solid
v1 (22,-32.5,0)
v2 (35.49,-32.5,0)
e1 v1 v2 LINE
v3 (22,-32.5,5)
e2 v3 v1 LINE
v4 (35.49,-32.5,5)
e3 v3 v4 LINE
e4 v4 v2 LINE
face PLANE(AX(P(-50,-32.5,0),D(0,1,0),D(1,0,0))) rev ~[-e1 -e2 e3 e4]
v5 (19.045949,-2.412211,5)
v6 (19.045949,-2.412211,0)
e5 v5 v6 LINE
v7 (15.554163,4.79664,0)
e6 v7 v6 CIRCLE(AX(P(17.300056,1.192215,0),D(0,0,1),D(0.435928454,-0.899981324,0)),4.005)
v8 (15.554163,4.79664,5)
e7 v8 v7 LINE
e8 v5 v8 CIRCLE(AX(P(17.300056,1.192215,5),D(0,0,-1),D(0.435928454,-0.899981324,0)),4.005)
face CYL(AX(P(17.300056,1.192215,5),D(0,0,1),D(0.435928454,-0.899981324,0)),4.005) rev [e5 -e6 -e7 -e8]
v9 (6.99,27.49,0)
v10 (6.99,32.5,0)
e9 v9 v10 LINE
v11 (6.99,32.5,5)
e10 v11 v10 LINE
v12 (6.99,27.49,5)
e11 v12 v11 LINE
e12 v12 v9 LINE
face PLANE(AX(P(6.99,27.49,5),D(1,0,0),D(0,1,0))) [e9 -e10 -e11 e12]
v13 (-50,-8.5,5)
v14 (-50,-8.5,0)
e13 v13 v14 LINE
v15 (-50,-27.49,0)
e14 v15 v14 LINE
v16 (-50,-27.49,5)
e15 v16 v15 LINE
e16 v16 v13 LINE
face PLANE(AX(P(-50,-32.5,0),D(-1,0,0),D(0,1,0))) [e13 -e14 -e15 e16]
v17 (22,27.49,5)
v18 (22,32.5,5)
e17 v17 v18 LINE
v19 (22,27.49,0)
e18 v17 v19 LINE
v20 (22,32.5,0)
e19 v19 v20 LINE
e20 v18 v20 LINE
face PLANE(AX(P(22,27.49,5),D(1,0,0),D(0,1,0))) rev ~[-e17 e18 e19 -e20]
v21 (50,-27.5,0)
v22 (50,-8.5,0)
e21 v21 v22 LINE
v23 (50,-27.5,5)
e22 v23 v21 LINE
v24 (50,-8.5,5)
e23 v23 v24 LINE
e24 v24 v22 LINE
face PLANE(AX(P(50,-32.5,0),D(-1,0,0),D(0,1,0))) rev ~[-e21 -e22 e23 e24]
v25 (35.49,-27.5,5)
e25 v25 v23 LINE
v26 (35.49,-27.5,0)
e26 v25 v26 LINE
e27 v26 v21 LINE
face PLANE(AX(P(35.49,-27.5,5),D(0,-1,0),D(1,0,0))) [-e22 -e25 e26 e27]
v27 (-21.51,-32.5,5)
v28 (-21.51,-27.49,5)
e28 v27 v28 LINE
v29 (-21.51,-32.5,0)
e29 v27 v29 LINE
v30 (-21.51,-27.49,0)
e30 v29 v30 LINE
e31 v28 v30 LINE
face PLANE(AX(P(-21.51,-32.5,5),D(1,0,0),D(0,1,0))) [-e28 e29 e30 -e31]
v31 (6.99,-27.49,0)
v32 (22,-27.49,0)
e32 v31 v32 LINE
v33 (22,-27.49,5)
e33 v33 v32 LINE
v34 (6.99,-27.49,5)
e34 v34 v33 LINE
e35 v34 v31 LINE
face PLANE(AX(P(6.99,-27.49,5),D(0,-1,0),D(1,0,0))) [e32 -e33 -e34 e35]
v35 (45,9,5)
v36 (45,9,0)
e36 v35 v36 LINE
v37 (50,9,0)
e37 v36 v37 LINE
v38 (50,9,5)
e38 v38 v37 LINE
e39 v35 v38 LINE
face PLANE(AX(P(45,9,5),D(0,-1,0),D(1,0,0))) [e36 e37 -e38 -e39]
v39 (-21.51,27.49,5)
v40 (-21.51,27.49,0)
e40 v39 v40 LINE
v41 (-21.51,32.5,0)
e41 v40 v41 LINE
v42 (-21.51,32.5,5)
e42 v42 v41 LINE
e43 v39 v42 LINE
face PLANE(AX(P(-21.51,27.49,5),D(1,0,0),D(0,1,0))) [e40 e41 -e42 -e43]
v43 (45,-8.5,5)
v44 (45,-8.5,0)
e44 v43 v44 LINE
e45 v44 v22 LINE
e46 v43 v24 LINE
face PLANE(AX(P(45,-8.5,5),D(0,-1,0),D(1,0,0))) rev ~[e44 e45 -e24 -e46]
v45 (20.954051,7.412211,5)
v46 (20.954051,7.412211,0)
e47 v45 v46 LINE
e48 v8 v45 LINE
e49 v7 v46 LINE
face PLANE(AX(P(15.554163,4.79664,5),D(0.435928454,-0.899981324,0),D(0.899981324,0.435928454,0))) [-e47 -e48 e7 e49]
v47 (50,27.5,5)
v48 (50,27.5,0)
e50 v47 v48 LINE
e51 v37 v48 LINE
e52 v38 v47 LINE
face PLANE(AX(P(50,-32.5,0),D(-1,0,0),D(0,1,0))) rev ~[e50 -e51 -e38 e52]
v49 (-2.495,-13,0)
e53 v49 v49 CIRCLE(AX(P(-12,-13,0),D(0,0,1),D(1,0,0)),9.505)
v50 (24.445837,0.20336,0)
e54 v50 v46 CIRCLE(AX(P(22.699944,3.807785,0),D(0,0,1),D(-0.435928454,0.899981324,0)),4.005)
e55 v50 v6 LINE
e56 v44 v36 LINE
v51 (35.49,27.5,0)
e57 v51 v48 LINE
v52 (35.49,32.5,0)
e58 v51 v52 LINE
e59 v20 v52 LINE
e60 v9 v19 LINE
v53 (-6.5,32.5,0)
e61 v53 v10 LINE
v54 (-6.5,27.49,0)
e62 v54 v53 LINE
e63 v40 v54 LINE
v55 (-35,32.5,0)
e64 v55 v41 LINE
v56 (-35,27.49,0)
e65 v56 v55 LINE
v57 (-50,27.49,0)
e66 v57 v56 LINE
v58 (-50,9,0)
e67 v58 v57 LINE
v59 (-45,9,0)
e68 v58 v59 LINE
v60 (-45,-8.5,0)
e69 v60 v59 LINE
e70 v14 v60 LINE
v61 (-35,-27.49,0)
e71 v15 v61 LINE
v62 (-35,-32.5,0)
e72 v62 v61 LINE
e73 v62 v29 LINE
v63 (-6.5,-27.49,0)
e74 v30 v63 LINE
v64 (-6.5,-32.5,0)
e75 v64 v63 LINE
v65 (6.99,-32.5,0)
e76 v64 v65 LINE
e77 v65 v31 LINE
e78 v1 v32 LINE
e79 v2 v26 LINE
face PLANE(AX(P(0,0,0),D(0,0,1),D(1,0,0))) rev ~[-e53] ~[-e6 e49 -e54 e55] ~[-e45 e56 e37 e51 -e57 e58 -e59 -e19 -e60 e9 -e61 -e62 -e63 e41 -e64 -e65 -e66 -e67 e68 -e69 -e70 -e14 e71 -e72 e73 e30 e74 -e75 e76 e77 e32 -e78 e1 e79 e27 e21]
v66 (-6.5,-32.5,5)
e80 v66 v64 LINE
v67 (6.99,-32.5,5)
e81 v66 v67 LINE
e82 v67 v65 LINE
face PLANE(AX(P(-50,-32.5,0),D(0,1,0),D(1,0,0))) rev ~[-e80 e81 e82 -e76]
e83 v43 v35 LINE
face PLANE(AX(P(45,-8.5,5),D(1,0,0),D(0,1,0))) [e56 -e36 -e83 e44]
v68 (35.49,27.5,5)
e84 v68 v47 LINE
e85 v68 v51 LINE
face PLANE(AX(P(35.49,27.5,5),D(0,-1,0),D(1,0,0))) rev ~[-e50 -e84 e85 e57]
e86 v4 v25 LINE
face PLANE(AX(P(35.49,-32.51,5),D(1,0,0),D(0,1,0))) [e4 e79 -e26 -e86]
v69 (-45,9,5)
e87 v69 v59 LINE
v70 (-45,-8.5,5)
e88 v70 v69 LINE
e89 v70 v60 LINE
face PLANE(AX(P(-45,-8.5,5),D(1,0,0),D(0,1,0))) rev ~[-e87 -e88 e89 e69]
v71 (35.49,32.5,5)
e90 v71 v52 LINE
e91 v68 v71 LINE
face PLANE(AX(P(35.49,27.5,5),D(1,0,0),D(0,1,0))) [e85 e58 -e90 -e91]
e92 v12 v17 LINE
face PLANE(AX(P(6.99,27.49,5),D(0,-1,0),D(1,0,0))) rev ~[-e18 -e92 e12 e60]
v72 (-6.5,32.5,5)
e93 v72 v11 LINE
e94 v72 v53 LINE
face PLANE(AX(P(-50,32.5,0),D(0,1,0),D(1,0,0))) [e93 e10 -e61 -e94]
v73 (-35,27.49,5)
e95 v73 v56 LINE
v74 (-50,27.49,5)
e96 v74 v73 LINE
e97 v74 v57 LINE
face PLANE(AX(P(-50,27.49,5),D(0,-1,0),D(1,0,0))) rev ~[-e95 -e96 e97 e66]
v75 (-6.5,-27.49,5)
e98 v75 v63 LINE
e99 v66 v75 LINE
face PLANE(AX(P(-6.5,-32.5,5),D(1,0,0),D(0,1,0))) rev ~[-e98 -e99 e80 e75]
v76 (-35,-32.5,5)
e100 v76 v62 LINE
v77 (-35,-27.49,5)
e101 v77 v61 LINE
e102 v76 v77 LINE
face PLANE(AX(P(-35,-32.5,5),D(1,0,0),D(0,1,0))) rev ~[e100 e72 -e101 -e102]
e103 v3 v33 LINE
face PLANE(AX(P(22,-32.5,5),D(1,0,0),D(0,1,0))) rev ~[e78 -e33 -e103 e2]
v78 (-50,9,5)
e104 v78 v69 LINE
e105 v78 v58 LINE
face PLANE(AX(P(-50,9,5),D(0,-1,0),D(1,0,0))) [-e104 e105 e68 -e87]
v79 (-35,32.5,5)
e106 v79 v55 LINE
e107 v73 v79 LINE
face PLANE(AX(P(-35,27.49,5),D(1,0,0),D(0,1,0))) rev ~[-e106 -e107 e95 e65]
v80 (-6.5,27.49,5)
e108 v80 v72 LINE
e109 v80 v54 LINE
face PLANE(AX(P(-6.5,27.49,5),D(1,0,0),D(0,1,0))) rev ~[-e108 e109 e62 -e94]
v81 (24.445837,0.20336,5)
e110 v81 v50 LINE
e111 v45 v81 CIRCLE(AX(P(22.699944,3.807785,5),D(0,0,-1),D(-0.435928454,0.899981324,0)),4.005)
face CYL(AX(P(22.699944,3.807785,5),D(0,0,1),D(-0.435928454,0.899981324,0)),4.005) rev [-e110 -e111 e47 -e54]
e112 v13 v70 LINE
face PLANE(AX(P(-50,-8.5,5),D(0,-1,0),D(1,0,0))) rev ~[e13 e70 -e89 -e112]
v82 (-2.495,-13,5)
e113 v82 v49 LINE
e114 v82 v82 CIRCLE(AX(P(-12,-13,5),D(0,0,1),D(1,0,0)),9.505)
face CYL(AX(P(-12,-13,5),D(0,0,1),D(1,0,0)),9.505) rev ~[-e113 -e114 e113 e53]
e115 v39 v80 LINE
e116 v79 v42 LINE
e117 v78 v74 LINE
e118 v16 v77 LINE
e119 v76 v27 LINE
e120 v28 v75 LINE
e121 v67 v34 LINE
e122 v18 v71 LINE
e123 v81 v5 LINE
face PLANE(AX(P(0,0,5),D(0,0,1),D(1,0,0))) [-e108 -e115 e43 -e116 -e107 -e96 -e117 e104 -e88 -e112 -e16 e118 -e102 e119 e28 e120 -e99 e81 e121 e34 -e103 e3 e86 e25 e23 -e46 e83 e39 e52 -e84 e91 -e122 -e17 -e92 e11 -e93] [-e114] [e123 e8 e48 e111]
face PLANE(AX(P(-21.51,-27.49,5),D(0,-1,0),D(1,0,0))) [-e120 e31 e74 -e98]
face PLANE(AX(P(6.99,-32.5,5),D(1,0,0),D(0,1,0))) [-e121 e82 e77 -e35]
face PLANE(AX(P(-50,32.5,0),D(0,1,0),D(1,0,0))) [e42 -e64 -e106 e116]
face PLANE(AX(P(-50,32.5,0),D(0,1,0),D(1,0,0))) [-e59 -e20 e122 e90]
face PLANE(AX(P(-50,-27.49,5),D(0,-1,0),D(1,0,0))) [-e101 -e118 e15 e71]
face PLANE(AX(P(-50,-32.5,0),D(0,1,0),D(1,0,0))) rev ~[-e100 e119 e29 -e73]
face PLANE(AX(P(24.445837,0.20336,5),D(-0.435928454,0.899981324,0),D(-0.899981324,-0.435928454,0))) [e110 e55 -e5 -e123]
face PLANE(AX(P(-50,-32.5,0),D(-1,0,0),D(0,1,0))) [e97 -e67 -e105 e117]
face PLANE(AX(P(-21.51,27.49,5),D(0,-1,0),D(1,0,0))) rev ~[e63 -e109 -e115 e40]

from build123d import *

# Parameters (mm, degrees)
ESQUISSE1_W             = 100
ESQUISSE1_H             = 65
BOSS_EXTRU_1_DEPTH      = 5
ESQUISSE2_W             = 15
ESQUISSE2_H             = 5.01
ESQUISSE2_W_2           = 15.01
ESQUISSE2_W_3           = 14.51
ESQUISSE2_W_4           = 5
ESQUISSE2_H_2           = 17.5
ENL_V_MAT_EXTRU_1_DEPTH = 5
ESQUISSE3_R             = 9.505
ENL_V_MAT_EXTRU_2_DEPTH = 10
ENL_V_MAT_EXTRU_3_DEPTH = 10


with BuildPart() as part:
    # Esquisse1 → Boss.-Extru.1 (new body)
    with BuildSketch(Plane.XY):
        Rectangle(ESQUISSE1_W, ESQUISSE1_H)
    extrude(amount=BOSS_EXTRU_1_DEPTH)

    # Esquisse2 → Enlèv. mat.-Extru.1 (cut)
    with BuildSketch(Plane.XY.offset(5)):
        with Locations((-42.5, 29.995)):
            Rectangle(ESQUISSE2_W, ESQUISSE2_H)
        with Locations((-14.005, 29.995)):
            Rectangle(ESQUISSE2_W_2, ESQUISSE2_H)
        with Locations((14.495, 29.995)):
            Rectangle(ESQUISSE2_W_2, ESQUISSE2_H)
        with Locations((42.745, 30.005)):
            Rectangle(ESQUISSE2_W_3, ESQUISSE2_H)
        with Locations((-47.5, 0.25)):
            Rectangle(ESQUISSE2_W_4, ESQUISSE2_H_2)
        with Locations((47.5, 0.25)):
            Rectangle(ESQUISSE2_W_4, ESQUISSE2_H_2)
        with Locations((42.745, -30.005)):
            Rectangle(ESQUISSE2_W_3, ESQUISSE2_H)
        with Locations((14.495, -29.995)):
            Rectangle(ESQUISSE2_W_2, ESQUISSE2_H)
        with Locations((-14.005, -29.995)):
            Rectangle(ESQUISSE2_W_2, ESQUISSE2_H)
        with Locations((-42.5, -29.995)):
            Rectangle(ESQUISSE2_W, ESQUISSE2_H)
    extrude(amount=-ENL_V_MAT_EXTRU_1_DEPTH, mode=Mode.SUBTRACT)

    # Esquisse3 → Enlèv. mat.-Extru.2 (cut)
    with BuildSketch(Plane.XY.offset(5)):
        with Locations((-12, -13)):
            Circle(ESQUISSE3_R)
    extrude(amount=-ENL_V_MAT_EXTRU_2_DEPTH, mode=Mode.SUBTRACT)

    # Esquisse4 → Enlèv. mat.-Extru.3 (cut)
    with BuildSketch(Plane.XY.offset(5)):
        with BuildLine():
            Line((24.445837429, 0.203360159), (19.045949486, -2.412210563))
            ThreePointArc((19.045949486, -2.412210563), (13.695630827, -0.553678818), (15.554162571, 4.796639841))
            Line((15.554162571, 4.796639841), (20.954050514, 7.412210563))
            ThreePointArc((20.954050514, 7.412210563), (26.304369173, 5.553678818), (24.445837429, 0.203360159))
        make_face()
    extrude(amount=-ENL_V_MAT_EXTRU_3_DEPTH, mode=Mode.SUBTRACT)


solid = part.part
